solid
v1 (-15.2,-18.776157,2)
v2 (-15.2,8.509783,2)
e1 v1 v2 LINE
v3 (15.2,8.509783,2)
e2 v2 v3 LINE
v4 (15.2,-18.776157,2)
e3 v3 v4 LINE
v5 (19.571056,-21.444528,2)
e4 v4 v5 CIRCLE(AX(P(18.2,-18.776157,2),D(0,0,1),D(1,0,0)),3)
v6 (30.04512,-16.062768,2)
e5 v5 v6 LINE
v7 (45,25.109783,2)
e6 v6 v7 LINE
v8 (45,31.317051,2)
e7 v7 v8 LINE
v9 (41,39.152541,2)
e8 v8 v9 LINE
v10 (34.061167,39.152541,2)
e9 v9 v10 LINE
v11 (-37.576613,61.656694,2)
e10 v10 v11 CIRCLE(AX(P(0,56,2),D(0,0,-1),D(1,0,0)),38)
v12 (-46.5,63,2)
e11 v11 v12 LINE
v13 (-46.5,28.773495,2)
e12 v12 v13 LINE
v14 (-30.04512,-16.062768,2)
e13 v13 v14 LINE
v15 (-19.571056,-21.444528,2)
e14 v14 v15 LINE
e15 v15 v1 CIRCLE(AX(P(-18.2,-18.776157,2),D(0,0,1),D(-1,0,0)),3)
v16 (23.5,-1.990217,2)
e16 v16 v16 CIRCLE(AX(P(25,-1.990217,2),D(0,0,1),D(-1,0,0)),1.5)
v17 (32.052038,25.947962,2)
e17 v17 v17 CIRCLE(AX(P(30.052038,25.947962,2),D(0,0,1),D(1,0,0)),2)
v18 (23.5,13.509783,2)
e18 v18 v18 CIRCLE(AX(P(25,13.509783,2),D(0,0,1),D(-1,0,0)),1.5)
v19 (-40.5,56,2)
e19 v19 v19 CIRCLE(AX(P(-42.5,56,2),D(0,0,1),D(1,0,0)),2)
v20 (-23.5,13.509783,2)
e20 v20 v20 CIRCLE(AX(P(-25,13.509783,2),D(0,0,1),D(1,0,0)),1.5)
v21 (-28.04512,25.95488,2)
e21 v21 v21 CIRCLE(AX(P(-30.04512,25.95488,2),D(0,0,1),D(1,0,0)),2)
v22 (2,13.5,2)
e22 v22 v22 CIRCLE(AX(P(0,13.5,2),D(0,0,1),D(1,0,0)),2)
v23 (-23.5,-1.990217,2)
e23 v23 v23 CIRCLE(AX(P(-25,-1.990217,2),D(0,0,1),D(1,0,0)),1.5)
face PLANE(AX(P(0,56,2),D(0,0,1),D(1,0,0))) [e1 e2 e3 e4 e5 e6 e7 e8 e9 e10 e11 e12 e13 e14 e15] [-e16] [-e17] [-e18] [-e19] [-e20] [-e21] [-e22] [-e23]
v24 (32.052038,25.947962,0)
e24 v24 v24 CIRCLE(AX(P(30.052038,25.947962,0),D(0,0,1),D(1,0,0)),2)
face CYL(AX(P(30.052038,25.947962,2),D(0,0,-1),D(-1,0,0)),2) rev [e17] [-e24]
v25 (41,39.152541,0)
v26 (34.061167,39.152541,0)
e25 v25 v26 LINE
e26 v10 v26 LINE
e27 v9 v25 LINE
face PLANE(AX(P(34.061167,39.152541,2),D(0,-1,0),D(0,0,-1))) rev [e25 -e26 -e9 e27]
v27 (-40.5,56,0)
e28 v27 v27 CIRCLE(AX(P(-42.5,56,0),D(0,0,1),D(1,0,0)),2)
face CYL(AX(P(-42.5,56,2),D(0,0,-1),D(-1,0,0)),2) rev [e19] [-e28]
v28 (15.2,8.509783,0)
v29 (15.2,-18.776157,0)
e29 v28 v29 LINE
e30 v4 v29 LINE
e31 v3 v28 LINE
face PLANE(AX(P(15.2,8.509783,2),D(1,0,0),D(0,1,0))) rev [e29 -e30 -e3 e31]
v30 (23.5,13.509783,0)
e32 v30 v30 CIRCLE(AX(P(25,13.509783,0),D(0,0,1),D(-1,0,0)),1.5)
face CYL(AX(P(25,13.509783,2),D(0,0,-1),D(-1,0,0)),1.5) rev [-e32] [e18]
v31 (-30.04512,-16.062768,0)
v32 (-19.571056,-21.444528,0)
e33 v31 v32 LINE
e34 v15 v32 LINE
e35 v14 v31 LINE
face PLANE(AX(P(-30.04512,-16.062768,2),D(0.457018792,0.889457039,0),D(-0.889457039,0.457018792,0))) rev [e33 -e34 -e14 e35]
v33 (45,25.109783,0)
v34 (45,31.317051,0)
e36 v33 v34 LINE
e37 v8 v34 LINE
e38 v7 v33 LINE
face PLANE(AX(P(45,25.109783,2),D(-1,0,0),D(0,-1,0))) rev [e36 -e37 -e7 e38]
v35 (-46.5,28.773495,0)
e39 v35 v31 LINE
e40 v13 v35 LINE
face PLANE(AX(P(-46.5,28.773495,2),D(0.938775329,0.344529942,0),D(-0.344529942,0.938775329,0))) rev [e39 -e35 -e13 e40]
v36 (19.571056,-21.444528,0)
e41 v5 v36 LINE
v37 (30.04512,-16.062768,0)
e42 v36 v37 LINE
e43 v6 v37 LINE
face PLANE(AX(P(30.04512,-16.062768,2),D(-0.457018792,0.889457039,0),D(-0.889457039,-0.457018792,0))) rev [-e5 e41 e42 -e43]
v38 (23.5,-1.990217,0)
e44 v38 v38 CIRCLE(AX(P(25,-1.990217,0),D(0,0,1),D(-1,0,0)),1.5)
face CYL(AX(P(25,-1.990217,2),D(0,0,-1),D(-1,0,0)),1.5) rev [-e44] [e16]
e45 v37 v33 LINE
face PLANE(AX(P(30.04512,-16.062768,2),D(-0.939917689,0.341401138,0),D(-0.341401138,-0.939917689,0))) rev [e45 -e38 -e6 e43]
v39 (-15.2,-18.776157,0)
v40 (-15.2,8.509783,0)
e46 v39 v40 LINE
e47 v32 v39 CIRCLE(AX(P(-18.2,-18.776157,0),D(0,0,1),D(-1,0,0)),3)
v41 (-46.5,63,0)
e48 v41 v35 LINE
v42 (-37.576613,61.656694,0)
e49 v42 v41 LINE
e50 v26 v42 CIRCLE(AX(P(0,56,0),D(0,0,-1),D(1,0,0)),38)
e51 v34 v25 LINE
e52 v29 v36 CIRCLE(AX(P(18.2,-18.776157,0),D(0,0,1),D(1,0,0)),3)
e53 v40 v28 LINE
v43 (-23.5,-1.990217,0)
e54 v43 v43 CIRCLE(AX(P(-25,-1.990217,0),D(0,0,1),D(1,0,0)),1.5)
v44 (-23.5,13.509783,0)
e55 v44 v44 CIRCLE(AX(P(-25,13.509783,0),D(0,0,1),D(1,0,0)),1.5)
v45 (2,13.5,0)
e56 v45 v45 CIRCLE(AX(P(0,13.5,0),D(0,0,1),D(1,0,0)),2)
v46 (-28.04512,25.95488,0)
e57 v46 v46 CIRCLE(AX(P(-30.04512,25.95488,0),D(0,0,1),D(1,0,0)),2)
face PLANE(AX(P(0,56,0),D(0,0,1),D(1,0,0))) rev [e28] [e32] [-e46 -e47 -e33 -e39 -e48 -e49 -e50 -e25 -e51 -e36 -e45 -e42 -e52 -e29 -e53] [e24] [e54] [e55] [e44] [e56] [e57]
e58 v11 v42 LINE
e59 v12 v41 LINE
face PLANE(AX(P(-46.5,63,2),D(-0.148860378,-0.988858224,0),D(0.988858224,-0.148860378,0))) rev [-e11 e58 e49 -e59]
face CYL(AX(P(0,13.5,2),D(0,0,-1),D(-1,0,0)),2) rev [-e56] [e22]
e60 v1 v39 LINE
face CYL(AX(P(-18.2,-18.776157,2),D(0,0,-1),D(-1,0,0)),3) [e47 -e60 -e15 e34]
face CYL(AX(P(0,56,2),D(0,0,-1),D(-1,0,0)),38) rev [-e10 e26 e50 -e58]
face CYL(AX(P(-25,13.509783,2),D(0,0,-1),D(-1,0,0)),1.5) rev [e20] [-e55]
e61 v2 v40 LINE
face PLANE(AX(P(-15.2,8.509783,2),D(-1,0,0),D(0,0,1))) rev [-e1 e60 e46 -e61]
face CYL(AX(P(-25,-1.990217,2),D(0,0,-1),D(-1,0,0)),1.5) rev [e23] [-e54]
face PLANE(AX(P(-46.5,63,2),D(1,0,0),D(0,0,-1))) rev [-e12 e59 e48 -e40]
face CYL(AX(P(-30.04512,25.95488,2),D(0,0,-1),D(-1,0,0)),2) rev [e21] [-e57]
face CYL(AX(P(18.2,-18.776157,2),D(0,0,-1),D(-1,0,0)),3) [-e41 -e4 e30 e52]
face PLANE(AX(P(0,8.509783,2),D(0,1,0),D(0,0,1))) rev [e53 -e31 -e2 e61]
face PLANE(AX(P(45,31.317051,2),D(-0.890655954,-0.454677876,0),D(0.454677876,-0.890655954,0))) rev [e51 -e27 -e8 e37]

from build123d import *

# Parameters (mm, degrees)
SKETCH_3_R      = 2
SKETCH_3_R_2    = 1.5
EXTRUDE_1_DEPTH = 2


with BuildPart() as part:
    # 草图3 → 凸台-拉伸1 (new body)
    with BuildSketch(Plane.XY):
        with BuildLine():
            Line((-46.5, 63), (-37.576612526, 61.656694359))
            ThreePointArc((-37.576612526, 61.656694359), (-11.38853896, 19.746708007), (34.06116735, 39.152540881))
            Line((34.06116735, 39.152540881), (41, 39.152540881))
            Line((41, 39.152540881), (45, 31.317051182))
            Line((45, 31.317051182), (45, 25.109783315))
            Line((45, 25.109783315), (30.045120352, -16.062768097))
            Line((30.045120352, -16.062768097), (19.571056376, -21.44452782))
            ThreePointArc((19.571056376, -21.44452782), (16.636857193, -21.33673956), (15.2, -18.776156704))
            Line((15.2, -18.776156704), (15.2, 8.509783315))
            Line((15.2, 8.509783315), (0, 8.509783315))
            Line((0, 8.509783315), (-15.2, 8.509783315))
            Line((-15.2, 8.509783315), (-15.2, -18.776156704))
            ThreePointArc((-15.2, -18.776156704), (-16.636857193, -21.33673956), (-19.571056376, -21.44452782))
            Line((-19.571056376, -21.44452782), (-30.045120352, -16.062768097))
            Line((-30.045120352, -16.062768097), (-46.5, 28.773494756))
            Line((-46.5, 28.773494756), (-46.5, 63))
        make_face()
        with Locations((0, 13.5)):
            Circle(SKETCH_3_R, mode=Mode.SUBTRACT)
        with Locations((-42.5, 56)):
            Circle(SKETCH_3_R, mode=Mode.SUBTRACT)
        with Locations((30.0520382, 25.9479618)):
            Circle(SKETCH_3_R, mode=Mode.SUBTRACT)
        with Locations((-30.045120352, 25.954879648)):
            Circle(SKETCH_3_R, mode=Mode.SUBTRACT)
        with Locations((-25, -1.990216685)):
            Circle(SKETCH_3_R_2, mode=Mode.SUBTRACT)
        with Locations((-25, 13.509783315)):
            Circle(SKETCH_3_R_2, mode=Mode.SUBTRACT)
        with Locations(Location((25, 13.509783315, 0), (0, 0, 180))):
            Circle(SKETCH_3_R_2, mode=Mode.SUBTRACT)
        with Locations(Location((25, -1.990216685, 0), (0, 0, 180))):
            Circle(SKETCH_3_R_2, mode=Mode.SUBTRACT)
    extrude(amount=EXTRUDE_1_DEPTH)


solid = part.part
